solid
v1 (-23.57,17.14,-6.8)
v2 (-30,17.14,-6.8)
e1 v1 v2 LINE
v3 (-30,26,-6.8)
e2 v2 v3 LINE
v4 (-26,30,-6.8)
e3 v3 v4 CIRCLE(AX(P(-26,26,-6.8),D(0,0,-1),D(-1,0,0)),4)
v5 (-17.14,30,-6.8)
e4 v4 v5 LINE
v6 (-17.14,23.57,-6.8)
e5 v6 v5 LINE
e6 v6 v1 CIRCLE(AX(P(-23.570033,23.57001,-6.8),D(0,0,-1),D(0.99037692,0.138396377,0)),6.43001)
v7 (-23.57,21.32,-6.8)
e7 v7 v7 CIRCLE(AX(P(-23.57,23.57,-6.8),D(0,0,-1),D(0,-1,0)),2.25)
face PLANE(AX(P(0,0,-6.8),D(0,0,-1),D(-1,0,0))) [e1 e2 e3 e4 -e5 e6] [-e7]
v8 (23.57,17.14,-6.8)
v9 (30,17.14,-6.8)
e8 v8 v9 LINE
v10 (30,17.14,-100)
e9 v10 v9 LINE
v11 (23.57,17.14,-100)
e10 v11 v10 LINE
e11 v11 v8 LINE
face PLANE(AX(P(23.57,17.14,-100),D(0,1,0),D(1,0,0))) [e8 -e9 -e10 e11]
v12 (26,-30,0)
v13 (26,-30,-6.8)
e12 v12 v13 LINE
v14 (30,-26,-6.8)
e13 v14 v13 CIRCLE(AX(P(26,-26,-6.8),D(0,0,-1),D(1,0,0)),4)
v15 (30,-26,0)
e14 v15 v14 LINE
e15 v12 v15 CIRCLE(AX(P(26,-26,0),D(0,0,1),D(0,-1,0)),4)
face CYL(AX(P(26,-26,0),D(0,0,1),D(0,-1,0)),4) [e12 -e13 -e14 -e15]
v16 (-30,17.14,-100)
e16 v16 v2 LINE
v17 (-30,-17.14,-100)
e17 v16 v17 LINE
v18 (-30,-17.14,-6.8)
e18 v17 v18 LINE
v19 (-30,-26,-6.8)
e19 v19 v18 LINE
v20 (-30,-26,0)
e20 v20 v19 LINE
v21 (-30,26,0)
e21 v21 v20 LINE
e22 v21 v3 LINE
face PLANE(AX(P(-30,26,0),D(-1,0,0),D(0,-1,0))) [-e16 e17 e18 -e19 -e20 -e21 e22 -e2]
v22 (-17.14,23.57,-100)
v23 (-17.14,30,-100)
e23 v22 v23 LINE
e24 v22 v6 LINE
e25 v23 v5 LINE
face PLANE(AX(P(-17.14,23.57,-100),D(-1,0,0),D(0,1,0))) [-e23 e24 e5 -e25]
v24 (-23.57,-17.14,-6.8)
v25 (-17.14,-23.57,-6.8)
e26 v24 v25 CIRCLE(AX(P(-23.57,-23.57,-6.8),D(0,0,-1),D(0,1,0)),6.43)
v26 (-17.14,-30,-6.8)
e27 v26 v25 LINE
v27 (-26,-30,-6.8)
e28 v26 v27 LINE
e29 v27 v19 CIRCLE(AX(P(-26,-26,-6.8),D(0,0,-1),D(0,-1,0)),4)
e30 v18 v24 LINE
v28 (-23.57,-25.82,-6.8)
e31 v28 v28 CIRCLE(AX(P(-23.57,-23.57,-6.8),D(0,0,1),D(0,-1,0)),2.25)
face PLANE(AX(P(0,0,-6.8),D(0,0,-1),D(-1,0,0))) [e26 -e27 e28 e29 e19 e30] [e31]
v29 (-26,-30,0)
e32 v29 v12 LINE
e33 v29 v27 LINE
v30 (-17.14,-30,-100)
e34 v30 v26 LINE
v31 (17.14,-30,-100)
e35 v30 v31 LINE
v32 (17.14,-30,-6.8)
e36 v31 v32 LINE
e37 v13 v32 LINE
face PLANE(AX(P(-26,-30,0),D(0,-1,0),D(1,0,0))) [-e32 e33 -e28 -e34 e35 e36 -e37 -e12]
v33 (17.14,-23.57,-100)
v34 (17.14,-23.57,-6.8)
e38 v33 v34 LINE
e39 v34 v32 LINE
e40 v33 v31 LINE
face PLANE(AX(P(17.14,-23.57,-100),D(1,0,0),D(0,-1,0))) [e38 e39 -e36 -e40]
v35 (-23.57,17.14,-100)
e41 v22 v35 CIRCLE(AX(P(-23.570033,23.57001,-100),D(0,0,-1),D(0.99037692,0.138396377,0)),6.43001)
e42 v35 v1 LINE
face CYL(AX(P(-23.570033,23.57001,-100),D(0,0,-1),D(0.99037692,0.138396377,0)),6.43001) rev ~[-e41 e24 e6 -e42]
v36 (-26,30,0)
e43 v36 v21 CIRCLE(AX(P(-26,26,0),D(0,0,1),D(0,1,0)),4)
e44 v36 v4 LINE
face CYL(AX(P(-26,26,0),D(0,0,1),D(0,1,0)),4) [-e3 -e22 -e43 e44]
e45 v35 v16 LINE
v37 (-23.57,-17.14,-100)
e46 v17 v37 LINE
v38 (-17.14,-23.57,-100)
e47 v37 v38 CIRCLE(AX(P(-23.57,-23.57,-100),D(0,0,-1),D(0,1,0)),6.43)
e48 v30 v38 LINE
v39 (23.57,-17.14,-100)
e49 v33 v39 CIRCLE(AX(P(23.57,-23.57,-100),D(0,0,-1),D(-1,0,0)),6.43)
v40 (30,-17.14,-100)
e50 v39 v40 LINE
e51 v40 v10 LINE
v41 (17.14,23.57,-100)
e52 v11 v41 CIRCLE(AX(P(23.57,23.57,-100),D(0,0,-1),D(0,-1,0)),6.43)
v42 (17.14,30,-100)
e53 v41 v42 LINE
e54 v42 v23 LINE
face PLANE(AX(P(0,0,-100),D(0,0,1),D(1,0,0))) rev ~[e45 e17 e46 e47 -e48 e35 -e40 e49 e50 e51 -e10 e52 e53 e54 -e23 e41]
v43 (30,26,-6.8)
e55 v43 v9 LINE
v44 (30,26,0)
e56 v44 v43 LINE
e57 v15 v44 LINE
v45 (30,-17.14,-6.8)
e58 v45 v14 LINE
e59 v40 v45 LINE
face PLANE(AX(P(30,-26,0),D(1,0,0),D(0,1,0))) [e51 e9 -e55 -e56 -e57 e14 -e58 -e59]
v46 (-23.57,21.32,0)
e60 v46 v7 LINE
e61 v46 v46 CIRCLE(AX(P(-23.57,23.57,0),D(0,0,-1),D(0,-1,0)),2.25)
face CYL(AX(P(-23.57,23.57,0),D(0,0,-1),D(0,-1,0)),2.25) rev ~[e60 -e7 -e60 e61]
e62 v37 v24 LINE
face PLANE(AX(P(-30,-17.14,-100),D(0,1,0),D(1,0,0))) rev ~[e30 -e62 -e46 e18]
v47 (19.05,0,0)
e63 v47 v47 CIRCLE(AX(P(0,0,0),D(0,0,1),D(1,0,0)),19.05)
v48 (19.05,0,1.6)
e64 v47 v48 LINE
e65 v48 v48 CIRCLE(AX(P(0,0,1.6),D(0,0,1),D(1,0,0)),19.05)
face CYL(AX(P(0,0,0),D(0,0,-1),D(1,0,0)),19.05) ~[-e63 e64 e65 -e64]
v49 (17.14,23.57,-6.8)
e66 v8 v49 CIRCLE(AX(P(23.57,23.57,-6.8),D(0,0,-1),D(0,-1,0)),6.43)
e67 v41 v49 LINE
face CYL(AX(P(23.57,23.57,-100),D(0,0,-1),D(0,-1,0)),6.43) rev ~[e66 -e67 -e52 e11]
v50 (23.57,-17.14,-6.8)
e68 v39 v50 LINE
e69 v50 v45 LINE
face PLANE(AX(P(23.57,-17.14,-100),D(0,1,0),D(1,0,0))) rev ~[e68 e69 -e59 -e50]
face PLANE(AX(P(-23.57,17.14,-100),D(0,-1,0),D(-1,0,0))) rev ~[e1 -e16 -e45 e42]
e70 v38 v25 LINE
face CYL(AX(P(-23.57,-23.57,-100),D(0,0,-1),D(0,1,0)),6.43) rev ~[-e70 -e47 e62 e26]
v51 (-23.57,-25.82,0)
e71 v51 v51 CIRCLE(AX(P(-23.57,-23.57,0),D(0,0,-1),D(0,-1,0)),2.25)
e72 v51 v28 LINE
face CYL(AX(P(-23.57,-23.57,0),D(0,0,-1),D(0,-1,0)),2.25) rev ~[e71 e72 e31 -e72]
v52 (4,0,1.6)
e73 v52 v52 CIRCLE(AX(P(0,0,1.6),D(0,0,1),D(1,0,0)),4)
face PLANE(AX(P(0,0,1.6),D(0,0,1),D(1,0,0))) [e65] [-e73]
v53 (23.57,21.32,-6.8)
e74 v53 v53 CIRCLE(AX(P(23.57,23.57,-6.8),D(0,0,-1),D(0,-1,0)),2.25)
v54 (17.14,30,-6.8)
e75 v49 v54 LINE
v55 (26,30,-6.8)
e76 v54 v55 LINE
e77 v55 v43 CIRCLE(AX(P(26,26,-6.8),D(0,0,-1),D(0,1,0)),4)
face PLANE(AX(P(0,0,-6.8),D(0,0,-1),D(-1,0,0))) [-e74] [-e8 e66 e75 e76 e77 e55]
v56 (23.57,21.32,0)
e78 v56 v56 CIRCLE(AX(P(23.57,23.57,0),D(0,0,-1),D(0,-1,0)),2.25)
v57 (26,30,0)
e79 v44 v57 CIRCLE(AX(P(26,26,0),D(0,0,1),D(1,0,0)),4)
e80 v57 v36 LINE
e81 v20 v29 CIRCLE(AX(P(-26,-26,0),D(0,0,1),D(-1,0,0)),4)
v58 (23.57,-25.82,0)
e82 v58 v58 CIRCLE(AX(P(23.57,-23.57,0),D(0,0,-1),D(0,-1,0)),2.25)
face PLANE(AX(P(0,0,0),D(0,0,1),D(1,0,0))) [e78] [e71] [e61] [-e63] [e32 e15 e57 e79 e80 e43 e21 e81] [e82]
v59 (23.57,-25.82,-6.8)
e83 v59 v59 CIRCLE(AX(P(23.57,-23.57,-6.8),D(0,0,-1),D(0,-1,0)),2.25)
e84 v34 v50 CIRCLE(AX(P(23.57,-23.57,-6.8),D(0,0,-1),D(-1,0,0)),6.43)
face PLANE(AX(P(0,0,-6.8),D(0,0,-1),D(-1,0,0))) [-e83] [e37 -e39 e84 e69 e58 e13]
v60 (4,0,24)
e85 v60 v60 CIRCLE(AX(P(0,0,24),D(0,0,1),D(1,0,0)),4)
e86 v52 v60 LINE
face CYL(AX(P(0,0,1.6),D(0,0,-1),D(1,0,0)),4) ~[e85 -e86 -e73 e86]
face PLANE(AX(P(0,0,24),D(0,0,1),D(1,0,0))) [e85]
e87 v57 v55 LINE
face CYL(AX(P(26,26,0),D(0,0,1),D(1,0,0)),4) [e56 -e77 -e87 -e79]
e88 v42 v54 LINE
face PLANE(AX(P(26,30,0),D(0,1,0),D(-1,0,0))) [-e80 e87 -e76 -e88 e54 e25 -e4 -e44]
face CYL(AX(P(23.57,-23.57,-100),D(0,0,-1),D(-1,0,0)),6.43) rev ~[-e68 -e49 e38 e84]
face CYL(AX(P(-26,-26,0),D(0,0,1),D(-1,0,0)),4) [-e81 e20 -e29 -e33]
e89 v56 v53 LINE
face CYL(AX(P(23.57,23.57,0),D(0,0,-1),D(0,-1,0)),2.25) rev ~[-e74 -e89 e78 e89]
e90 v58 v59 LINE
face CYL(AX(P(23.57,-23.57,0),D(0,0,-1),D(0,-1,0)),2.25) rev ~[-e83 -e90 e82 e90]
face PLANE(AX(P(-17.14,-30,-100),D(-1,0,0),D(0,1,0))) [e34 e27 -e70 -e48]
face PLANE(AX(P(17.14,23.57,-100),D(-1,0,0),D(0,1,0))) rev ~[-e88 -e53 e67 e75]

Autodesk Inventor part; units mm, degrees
ref_plane "YZ Plane" through (0, 0, 0) normal (1, 0, 0) x (0, 1, 0)
ref_plane "XZ Plane" through (0, 0, 0) normal (0, 1, 0) x (-1, 0, 0)
ref_plane "XY Plane" through (0, 0, 0) normal (0, 0, 1) x (1, 0, 0)
sketch "Skizze1" plane through (0, 0, 0) normal (0, 0, 1) x (1, 0, 0)
  line L0 (-26, -30) -> (26, -30)
  line L1 (30, -26) -> (30, 26)
  line L2 (26, 30) -> (-26, 30)
  line L3 (-30, 26) -> (-30, -26)
  line L4 (-30, -30) -> (30, 30) construction
  line L5 (30, -30) -> (-30, 30) construction
  arc A0 (30, 26) -> (26, 30) centre (26, 26) ccw
  arc A1 (26, -30) -> (30, -26) centre (26, -26) ccw
  arc A2 (-30, -26) -> (-26, -30) centre (-26, -26) ccw
  arc A3 (-26, 30) -> (-30, 26) centre (-26, 26) ccw
  point P0 (0, 0)
  dimension "d0" = 4
  dimension "d1" = 60
extrude "Extrusion1" add sketch "Skizze1" against normal blind 100
sketch "Skizze2" plane through (0, 0, 0) normal (0, 0, 1) x (1, 0, 0)
  circle A0 centre (0, 0) radius 19.05
  dimension "d4" = 38.1
extrude "Extrusion2" add sketch "Skizze2" along normal blind 1.6
sketch "Skizze4" plane through (0, 0, 0) normal (0, 0, 1) x (1, 0, 0)
  circle A0 centre (0, 0) radius 19.05 projected
  line L0 (30, 26) -> (30, -26) projected
  arc A1 (30, 26) -> (26, 30) centre (26, 26) ccw projected
  line L1 (-26, 30) -> (26, 30) projected
  arc A2 (-26, 30) -> (-30, 26) centre (-26, 26) ccw projected
  line L2 (-30, -26) -> (-30, 26) projected
  arc A3 (-30, -26) -> (-26, -30) centre (-26, -26) ccw projected
  line L3 (26, -30) -> (-26, -30) projected
  arc A4 (26, -30) -> (30, -26) centre (26, -26) ccw projected
  line L4 (26, -26) -> (-26, 26) construction
  line L5 (-23.57, 23.57) -> (23.57, 23.57) construction
  line L6 (23.57, 23.57) -> (23.57, -23.57) construction
  line L7 (23.57, -23.57) -> (-23.57, -23.57) construction
  line L8 (-23.57, -23.57) -> (-23.57, 23.57) construction
  line L9 (-23.57, 23.57) -> (23.57, -23.57) construction
  line L10 (23.57, 23.57) -> (-23.57, -23.57) construction
  dimension "d15" = 47.14
hole "Bohrung1" at (23.57, 23.57, 0) at (-23.57, 23.57, 0) at (-23.57, -23.57, 0) at (23.57, -23.57, 0) direction (0, 0, -1) diameter 4.5 end through all
sketch "Skizze5" plane through (0, 0, 1.6) normal (0, 0, 1) x (1, 0, 0)
  circle A0 centre (0, 0) radius 4
  dimension "d23" = 8
extrude "Extrusion4" add sketch "Skizze5" along normal blind 22.4
sketch "Skizze7" plane through (0, 0, -100) normal (0, 0, -1) x (-1, 0, 0)
  circle A0 centre (23.57, -23.57) radius 2.25 projected
  circle A1 centre (-23.57, 23.57) radius 2.25 projected
  circle A2 centre (23.57, 23.57) radius 2.25 projected
  circle A3 centre (-23.57, -23.57) radius 2.25 projected
  line L0 (-30, 26) -> (-30, -26) projected
  arc A4 (-30, -26) -> (-26, -30) centre (-26, -26) ccw projected
  line L1 (-26, -30) -> (26, -30) projected
  arc A5 (26, -30) -> (30, -26) centre (26, -26) ccw projected
  line L2 (30, -26) -> (30, 26) projected
  arc A6 (30, 26) -> (26, 30) centre (26, 26) ccw projected
  line L3 (26, 30) -> (-26, 30) projected
  arc A7 (-26, 30) -> (-30, 26) centre (-26, 26) ccw projected
  circle A8 centre (23.57, -23.57) radius 6.43 construction
  line L4 (30, -26) -> (30, 26) projected
  line L5 (30, -17.14) -> (23.57, -17.14)
  line L6 (-26, -30) -> (26, -30) projected
  line L7 (17.14, -30) -> (17.14, -23.57)
  arc A9 (23.57, -17.14) -> (17.14, -23.57) centre (23.57, -23.57) ccw
  arc A10 (-17.14, -23.57) -> (-23.57, -17.14) centre (-23.57, -23.57) ccw
  arc A11 (17.2019, 24.4599) -> (23.57, 17.14) centre (23.57, 23.57) ccw
  arc A12 (-23.57, 17.14) -> (-17.14, 23.57) centre (-23.57, 23.57) ccw
  line L8 (23.57, 17.14) -> (30, 17.14)
  line L9 (17.14, 23.57) -> (17.14, 30)
  line L10 (26, 30) -> (-26, 30) projected
  line L11 (-17.14, 23.57) -> (-17.14, 30)
  line L12 (-23.57, 17.14) -> (-30, 17.14)
  line L13 (-23.57, -17.14) -> (-30, -17.14)
  line L14 (-17.14, -23.57) -> (-17.14, -30)
  point P0 (0, 0)
extrude "Extrusion6" cut sketch "Skizze7" against normal blind 93.2 contours A7 L3 L11 A12 L12 L0 | L13 A10 L14 L1 A4 L0 | L3 A6 L2 L8 A11 L9 | L7 A9 L5 L2 A5 L1
sketch "Skizze8" plane through (0, 0, -100) normal (0, 0, -1) x (-1, 0, 0)
  circle A0 centre (23.57, -23.57) radius 2.25 construction
  circle A1 centre (-23.57, 23.57) radius 2.25 construction
  circle A2 centre (23.57, 23.57) radius 2.25 construction
  circle A3 centre (-23.57, -23.57) radius 2.25 construction
  circle A4 centre (0, 0) radius 19.05 construction
  line L0 (-30, 26) -> (-30, -26) construction
  arc A5 (-26, 30) -> (-30, 26) centre (-26, 26) ccw construction
  line L1 (26, 30) -> (-26, 30) construction
  arc A6 (30, 26) -> (26, 30) centre (26, 26) ccw construction
  line L2 (30, -26) -> (30, 26) construction
  arc A7 (26, -30) -> (30, -26) centre (26, -26) ccw construction
  line L3 (-26, -30) -> (26, -30) construction
  arc A8 (-30, -26) -> (-26, -30) centre (-26, -26) ccw construction
  circle A9 centre (0, 0) radius 42.4264 construction
  line L4 (30, 30) -> (-30, 30) construction
  line L5 (-30, 30) -> (-30, -30) construction
  line L6 (-30, -30) -> (30, -30) construction
  line L7 (30, -30) -> (30, 30) construction
  line L8 (30, 30) -> (-30, -30) construction
  line L9 (-30, 30) -> (30, -30) construction
  line L10 (-17.14, -30) -> (17.14, -30) construction
  line L11 (-30, 17.14) -> (-30, -17.14) construction
equation "\"d1\" = breite"
equation "\"d2\" = Laenge"
equation "\"d4\" = fit"
equation "\"d5\" = fit_l"
equation "\"d15\" = lochabstand"
equation "\"d16\" = bohrung_d"
equation "\"d23\" = schaft_d"
equation "\"d24\" = schaft_l"
equation "\"d28\" = Laenge - Mount_l"
equation "\"breite\" = 60"
equation "\"lochabstand\" = 47.14"
equation "\"schaft_d\" = 8"
equation "\"fit\" = 38.1"
equation "\"fit_l\" = 1.6"
equation "\"Mount_l\" = 6.8"
equation "\"Laenge\" = 100"
equation "\"bohrung_d\" = 4.5"
equation "\"schaft_l\" = 22.4"
properties part number "Nema24 - L100" material "Stahl"
